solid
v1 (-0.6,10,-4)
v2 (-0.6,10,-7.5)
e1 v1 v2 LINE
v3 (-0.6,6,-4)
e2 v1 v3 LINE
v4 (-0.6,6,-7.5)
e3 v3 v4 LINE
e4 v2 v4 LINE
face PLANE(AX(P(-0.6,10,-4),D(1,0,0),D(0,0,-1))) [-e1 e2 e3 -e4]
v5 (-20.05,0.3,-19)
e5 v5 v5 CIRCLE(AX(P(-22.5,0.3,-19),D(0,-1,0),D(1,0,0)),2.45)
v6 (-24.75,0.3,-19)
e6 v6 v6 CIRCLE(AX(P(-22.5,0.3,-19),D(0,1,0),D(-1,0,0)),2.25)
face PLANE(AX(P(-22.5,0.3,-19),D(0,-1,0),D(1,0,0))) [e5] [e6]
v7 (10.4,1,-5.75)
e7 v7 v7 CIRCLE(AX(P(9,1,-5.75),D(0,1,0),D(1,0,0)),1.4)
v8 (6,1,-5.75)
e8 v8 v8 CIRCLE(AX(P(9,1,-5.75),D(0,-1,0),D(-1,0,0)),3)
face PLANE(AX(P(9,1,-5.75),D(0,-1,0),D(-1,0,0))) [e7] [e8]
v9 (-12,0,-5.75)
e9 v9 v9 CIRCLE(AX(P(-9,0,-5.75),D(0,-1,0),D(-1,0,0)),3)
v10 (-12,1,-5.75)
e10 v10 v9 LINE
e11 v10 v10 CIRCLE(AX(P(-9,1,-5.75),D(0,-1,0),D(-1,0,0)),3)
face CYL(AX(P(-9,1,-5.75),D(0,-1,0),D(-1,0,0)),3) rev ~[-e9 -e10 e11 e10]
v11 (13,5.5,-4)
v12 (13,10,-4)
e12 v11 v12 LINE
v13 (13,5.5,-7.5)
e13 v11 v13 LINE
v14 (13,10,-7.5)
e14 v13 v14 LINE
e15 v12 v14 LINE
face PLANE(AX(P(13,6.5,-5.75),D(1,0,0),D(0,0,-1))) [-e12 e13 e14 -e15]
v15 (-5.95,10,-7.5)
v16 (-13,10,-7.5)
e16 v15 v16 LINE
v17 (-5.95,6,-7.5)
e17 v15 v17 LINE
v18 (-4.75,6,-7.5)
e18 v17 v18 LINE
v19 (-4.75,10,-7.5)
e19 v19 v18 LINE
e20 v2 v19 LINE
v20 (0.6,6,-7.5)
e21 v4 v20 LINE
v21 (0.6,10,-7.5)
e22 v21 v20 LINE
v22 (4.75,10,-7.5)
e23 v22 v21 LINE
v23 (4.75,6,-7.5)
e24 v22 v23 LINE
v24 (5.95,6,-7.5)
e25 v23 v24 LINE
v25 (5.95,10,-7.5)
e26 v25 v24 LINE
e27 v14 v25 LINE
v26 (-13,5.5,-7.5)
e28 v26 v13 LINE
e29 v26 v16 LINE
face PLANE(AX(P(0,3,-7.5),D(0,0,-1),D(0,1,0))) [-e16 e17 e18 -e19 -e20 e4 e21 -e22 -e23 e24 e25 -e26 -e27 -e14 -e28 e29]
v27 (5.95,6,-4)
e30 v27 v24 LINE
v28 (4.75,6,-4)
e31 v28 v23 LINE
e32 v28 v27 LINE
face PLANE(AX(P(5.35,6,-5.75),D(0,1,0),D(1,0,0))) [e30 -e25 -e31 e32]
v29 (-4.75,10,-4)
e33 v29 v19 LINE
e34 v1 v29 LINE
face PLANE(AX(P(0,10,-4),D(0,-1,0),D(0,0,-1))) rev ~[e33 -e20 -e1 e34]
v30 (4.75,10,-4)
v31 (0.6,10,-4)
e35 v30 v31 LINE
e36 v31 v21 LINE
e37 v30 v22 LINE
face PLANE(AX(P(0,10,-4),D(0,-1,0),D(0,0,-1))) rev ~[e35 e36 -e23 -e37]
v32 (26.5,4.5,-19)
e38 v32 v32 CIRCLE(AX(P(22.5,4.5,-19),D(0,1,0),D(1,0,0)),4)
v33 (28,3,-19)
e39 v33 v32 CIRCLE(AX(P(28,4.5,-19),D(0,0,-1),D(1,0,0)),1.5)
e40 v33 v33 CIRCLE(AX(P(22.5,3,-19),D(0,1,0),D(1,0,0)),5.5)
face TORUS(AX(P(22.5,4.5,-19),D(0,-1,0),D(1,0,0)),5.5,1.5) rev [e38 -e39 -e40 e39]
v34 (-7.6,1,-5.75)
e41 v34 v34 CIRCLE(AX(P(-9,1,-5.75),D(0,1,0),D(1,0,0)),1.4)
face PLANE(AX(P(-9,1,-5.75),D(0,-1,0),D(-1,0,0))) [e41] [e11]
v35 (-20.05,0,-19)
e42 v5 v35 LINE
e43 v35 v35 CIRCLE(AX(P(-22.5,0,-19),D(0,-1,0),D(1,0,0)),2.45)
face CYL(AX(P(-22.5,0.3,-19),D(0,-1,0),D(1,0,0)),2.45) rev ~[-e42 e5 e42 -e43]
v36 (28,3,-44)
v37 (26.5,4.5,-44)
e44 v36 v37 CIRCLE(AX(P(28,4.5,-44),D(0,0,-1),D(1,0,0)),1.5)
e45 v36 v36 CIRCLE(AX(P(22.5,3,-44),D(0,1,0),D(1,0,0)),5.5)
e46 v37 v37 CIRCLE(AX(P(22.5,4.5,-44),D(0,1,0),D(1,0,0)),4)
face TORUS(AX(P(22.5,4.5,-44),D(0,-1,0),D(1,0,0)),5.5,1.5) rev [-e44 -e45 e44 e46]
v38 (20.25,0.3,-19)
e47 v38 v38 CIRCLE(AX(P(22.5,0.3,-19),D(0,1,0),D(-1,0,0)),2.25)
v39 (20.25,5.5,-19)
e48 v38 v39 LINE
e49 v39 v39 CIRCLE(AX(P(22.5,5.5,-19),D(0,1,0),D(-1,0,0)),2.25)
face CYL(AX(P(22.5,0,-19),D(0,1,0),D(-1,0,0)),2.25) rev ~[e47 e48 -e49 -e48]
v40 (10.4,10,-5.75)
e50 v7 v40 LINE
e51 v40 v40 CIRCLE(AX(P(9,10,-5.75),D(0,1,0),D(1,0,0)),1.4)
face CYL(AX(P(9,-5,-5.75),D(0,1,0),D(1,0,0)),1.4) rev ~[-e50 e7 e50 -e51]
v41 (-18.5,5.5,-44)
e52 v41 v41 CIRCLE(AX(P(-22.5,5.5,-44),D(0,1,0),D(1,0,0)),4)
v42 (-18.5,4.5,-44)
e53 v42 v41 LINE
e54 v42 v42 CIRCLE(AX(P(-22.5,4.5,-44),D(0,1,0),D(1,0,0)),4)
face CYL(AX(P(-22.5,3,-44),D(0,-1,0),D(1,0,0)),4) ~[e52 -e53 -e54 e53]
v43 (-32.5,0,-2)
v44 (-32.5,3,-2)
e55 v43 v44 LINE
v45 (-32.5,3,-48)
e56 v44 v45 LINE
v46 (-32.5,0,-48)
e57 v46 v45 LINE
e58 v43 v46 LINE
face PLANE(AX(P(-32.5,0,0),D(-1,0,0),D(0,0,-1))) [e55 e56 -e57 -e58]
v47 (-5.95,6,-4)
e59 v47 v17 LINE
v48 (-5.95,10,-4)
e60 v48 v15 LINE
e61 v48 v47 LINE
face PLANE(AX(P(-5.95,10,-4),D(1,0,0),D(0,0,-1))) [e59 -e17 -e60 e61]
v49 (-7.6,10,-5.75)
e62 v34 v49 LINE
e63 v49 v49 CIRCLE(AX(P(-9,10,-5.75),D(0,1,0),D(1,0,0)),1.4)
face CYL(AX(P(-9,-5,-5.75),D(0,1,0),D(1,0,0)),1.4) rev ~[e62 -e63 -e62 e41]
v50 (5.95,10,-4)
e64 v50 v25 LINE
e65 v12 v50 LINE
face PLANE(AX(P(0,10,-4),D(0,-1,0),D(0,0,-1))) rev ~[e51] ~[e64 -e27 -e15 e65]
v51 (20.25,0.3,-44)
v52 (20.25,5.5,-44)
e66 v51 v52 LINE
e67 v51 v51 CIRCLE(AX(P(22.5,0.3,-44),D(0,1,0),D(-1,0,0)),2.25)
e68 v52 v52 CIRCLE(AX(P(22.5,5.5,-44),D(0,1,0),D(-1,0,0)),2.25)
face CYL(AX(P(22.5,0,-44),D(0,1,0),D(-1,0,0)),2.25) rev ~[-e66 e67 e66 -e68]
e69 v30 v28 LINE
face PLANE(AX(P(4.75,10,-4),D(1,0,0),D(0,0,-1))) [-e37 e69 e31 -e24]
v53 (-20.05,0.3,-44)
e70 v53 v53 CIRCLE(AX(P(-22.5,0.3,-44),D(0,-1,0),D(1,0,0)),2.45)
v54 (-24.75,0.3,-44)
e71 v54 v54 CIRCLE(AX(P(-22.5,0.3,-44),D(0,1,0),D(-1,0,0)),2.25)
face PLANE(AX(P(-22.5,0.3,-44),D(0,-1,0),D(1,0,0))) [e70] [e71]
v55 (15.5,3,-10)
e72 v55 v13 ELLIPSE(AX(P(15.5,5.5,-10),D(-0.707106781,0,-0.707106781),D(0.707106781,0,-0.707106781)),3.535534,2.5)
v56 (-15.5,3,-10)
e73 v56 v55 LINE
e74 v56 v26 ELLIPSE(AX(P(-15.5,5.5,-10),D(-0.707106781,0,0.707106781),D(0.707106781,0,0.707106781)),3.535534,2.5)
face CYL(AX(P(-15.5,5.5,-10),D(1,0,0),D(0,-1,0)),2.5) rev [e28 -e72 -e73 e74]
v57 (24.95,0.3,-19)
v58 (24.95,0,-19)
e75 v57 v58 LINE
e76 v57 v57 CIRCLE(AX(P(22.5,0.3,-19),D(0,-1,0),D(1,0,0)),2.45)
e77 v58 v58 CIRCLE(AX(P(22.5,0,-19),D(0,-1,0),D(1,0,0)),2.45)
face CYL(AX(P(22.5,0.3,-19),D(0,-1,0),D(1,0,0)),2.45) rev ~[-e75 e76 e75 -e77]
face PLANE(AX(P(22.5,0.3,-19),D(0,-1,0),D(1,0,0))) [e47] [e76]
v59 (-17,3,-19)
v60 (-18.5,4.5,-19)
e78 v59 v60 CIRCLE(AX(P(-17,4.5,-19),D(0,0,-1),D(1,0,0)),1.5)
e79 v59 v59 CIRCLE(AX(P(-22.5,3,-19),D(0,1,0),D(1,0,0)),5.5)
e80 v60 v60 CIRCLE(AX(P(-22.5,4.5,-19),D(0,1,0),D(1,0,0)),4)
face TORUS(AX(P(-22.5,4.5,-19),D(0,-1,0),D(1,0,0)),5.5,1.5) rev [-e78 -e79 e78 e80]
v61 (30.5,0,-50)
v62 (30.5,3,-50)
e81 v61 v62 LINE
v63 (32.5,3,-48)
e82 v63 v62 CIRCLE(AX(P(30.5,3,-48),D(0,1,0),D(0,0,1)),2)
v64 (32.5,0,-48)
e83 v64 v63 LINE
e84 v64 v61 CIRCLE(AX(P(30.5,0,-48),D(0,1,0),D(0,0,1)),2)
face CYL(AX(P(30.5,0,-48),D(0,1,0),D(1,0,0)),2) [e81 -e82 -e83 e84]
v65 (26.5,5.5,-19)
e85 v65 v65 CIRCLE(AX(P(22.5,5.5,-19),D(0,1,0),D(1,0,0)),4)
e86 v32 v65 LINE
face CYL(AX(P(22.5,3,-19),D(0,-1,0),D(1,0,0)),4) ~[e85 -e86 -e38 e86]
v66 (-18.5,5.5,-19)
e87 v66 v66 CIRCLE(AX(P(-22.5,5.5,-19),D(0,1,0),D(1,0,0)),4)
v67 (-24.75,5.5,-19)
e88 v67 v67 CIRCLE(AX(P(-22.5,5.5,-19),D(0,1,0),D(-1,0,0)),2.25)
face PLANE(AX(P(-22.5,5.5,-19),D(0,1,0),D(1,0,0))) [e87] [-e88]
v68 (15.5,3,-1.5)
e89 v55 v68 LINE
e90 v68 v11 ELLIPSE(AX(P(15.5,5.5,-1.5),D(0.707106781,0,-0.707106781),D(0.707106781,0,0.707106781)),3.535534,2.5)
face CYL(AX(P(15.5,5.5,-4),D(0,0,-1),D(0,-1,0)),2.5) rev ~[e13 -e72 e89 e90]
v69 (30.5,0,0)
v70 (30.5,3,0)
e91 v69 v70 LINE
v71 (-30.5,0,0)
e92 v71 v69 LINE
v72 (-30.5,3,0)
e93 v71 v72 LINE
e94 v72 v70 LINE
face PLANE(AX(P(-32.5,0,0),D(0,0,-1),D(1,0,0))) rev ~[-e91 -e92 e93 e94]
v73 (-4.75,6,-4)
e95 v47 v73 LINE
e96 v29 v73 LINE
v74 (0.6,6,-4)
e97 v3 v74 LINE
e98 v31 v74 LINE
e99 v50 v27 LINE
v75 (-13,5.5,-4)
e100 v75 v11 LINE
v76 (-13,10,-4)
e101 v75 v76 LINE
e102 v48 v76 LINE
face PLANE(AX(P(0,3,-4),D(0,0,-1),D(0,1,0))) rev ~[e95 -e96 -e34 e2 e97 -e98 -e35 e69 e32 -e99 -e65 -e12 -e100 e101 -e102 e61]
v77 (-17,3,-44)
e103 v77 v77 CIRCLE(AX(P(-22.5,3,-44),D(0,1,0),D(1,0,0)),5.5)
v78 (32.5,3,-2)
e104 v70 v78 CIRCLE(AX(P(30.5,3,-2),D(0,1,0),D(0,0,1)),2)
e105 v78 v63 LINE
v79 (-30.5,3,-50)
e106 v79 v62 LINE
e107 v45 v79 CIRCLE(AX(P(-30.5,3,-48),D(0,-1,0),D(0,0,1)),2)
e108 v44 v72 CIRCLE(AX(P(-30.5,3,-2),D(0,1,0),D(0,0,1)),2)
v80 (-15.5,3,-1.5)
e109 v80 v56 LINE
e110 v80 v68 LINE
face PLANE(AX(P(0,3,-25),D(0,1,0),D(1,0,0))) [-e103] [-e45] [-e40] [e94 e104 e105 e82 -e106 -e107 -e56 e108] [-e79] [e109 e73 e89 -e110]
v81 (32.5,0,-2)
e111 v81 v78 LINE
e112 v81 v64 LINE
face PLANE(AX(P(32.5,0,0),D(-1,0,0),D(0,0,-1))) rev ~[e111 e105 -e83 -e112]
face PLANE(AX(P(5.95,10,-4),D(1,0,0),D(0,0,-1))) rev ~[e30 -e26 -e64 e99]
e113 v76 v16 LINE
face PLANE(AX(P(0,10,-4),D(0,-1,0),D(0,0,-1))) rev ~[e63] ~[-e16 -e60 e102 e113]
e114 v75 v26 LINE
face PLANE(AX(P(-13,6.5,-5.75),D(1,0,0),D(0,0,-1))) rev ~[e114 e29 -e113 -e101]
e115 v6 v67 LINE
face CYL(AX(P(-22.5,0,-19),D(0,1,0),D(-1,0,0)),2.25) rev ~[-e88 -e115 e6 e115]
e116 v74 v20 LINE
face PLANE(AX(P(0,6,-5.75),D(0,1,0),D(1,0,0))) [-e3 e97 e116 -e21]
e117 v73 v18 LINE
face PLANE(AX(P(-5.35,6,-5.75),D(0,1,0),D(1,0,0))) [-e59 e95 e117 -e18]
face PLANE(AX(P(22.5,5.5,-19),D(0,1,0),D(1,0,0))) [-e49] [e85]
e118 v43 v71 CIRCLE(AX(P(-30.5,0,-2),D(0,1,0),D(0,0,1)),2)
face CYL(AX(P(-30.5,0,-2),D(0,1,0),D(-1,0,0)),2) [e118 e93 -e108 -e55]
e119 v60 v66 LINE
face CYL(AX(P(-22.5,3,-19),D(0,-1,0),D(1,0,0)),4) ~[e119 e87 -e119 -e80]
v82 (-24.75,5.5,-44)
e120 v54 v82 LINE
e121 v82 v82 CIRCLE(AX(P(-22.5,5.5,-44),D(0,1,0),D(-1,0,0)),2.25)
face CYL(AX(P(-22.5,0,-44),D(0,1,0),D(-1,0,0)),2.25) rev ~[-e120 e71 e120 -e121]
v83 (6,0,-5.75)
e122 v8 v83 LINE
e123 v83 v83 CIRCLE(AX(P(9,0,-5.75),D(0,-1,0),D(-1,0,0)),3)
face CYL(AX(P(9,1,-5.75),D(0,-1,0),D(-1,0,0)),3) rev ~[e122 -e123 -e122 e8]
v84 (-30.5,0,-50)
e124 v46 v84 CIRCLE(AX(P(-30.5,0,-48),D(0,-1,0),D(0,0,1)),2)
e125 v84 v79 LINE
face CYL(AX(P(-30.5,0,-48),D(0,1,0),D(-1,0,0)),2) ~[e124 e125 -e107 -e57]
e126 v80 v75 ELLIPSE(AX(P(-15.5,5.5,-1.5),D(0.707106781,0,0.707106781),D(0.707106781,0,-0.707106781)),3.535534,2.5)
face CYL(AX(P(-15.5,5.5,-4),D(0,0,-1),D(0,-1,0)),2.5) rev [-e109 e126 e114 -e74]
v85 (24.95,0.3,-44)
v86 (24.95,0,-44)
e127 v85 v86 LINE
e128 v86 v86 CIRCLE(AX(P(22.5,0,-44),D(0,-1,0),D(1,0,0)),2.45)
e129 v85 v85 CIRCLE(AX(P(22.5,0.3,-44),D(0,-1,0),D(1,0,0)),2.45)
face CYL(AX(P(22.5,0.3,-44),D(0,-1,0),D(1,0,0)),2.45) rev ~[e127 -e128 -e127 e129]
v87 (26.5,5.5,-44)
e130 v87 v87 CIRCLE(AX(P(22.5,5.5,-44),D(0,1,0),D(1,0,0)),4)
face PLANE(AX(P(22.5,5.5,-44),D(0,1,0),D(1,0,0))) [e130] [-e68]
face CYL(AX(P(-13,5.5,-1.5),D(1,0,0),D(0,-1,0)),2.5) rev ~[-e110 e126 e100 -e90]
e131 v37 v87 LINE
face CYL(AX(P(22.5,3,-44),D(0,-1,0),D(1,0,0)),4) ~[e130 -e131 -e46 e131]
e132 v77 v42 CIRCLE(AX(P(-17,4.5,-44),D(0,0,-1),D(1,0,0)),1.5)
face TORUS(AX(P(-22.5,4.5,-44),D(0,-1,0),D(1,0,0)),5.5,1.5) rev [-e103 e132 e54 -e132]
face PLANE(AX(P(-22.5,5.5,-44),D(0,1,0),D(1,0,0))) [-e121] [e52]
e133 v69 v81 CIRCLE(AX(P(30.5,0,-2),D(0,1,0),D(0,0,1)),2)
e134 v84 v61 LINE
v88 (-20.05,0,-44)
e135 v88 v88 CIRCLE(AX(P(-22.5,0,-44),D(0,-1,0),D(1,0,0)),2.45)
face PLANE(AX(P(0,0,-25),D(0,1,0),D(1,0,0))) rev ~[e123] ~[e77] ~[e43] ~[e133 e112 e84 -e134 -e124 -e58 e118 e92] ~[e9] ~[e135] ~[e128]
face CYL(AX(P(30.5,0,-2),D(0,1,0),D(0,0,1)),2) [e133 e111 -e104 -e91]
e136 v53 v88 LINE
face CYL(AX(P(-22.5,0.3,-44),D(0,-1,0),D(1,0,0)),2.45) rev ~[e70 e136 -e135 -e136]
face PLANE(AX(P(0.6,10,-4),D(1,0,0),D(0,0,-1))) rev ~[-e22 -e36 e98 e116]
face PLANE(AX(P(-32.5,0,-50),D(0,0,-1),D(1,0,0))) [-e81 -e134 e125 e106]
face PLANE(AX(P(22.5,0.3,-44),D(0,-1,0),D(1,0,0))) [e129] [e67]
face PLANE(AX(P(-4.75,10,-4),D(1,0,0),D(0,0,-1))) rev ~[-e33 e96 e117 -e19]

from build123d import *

# Parameters (mm, degrees)
SKIZZE1_W                                           = 65
SKIZZE1_H                                           = 50
AUFSATZ_LINEAR_AUSTRAGEN1_DEPTH                     = 3
VERRUNDUNG1_R                                       = 2
SKIZZE10_R                                          = 4
AUFSATZ_LINEAR_AUSTRAGEN4_DEPTH                     = 2.5
STIRNSENKUNG_F_R_M3_SENKSCHRAUBE_KOPF_B_D           = 4.5
STIRNSENKUNG_F_R_M3_SENKSCHRAUBE_KOPF_B_CBORE_D     = 4.9
STIRNSENKUNG_F_R_M3_SENKSCHRAUBE_KOPF_B_CBORE_DEPTH = 0.3
SKIZZE8_W                                           = 3.5
SKIZZE8_H                                           = 7
AUFSATZ_LINEAR_AUSTRAGEN3_DEPTH                     = 13
STIRNSENKUNG_F_R_M3_SENKSCHRAUBE_KO_2_D             = 2.8
STIRNSENKUNG_F_R_M3_SENKSCHRAUBE_KO_2_CBORE_D       = 6
STIRNSENKUNG_F_R_M3_SENKSCHRAUBE_KO_2_CBORE_DEPTH   = 6
SKIZZE7_W                                           = 1.2
SKIZZE7_H                                           = 3.5
SCHNITT_LINEAR_AUSTRAGEN1_DEPTH                     = 4
VERRUNDUNG2_R                                       = 1.5
VERRUNDUNG5_R                                       = 2.5
VERRUNDUNG6_R                                       = 2.5


with BuildPart() as part:
    # Skizze1 → Aufsatz-Linear austragen1 (new body)
    with BuildSketch(Plane(origin=(0, 0, 0), x_dir=(1, 0, 0), z_dir=(0, 1, 0))):
        with Locations((0, 25)):
            Rectangle(SKIZZE1_W, SKIZZE1_H)
    extrude(amount=AUFSATZ_LINEAR_AUSTRAGEN1_DEPTH)

    # Verrundung1
    verrundung1_edges = [part.edges().sort_by_distance(p)[0] for p in [
        (-32.5, 1.5, -50),
        (32.5, 1.5, -50),
        (32.5, 1.5, 0),
        (-32.5, 1.5, 0),
    ]]
    fillet(verrundung1_edges, radius=VERRUNDUNG1_R)

    # Skizze10 → Aufsatz-Linear austragen4 (add)
    with BuildSketch(Plane(origin=(0, 3, 0), x_dir=(1, 0, 0), z_dir=(0, 1, 0))):
        with Locations((-22.5, 44)):
            Circle(SKIZZE10_R)
        with Locations((-22.5, 19)):
            Circle(SKIZZE10_R)
        with Locations((22.5, 44)):
            Circle(SKIZZE10_R)
        with Locations((22.5, 19)):
            Circle(SKIZZE10_R)
    extrude(amount=AUFSATZ_LINEAR_AUSTRAGEN4_DEPTH)

    # Stirnsenkung f_r M3 Senkschraube _Kopf B (through all)
    with Locations(Plane.XZ):
        with Locations((-22.5, -19), (22.5, -44), (-22.5, -44), (22.5, -19)):
            CounterBoreHole(STIRNSENKUNG_F_R_M3_SENKSCHRAUBE_KOPF_B_D / 2, STIRNSENKUNG_F_R_M3_SENKSCHRAUBE_KOPF_B_CBORE_D / 2, STIRNSENKUNG_F_R_M3_SENKSCHRAUBE_KOPF_B_CBORE_DEPTH)

    # Skizze8 → Aufsatz-Linear austragen3 (add, symmetric)
    with BuildSketch(Plane(origin=(0, 0, 0), x_dir=(0, 0, -1), z_dir=(1, 0, 0))):
        with Locations((5.75, 6.5)):
            Rectangle(SKIZZE8_W, SKIZZE8_H)
    extrude(amount=AUFSATZ_LINEAR_AUSTRAGEN3_DEPTH, both=True)

    # Stirnsenkung f_r M3 Senkschraube _Ko 2 (through all)
    with Locations(Plane(origin=(0, -5, 1.917691722), x_dir=(-1, 0, 0), z_dir=(0, -1, 0))):
        with Locations((9, 7.667691722), (-9, 7.667691722)):
            CounterBoreHole(STIRNSENKUNG_F_R_M3_SENKSCHRAUBE_KO_2_D / 2, STIRNSENKUNG_F_R_M3_SENKSCHRAUBE_KO_2_CBORE_D / 2, STIRNSENKUNG_F_R_M3_SENKSCHRAUBE_KO_2_CBORE_DEPTH)

    # Skizze7 → Schnitt-Linear austragen1 (cut)
    with BuildSketch(Plane(origin=(0, 10, 0), x_dir=(1, 0, 0), z_dir=(0, 1, 0))):
        with Locations((0, 5.75)):
            Rectangle(SKIZZE7_W, SKIZZE7_H)
        with Locations((-5.35, 5.75)):
            Rectangle(SKIZZE7_W, SKIZZE7_H)
        with Locations((5.35, 5.75)):
            Rectangle(SKIZZE7_W, SKIZZE7_H)
    extrude(amount=-SCHNITT_LINEAR_AUSTRAGEN1_DEPTH, mode=Mode.SUBTRACT)

    # Verrundung2
    verrundung2_edges = [part.edges().sort_by_distance(p)[0] for p in [
        (-26.5, 3, -44),
        (-26.5, 3, -19),
        (18.5, 3, -44),
        (18.5, 3, -19),
    ]]
    fillet(verrundung2_edges, radius=VERRUNDUNG2_R)

    # Verrundung5
    verrundung5_edges = [part.edges().sort_by_distance(p)[0] for p in [
        (-13, 3, -5.75),
        (0, 3, -4),
        (13, 3, -5.75),
    ]]
    fillet(verrundung5_edges, radius=VERRUNDUNG5_R)

    # Verrundung6
    verrundung6_edges = [part.edges().sort_by_distance(p)[0] for p in [
        (0, 3, -7.5),
    ]]
    fillet(verrundung6_edges, radius=VERRUNDUNG6_R)


solid = part.part
